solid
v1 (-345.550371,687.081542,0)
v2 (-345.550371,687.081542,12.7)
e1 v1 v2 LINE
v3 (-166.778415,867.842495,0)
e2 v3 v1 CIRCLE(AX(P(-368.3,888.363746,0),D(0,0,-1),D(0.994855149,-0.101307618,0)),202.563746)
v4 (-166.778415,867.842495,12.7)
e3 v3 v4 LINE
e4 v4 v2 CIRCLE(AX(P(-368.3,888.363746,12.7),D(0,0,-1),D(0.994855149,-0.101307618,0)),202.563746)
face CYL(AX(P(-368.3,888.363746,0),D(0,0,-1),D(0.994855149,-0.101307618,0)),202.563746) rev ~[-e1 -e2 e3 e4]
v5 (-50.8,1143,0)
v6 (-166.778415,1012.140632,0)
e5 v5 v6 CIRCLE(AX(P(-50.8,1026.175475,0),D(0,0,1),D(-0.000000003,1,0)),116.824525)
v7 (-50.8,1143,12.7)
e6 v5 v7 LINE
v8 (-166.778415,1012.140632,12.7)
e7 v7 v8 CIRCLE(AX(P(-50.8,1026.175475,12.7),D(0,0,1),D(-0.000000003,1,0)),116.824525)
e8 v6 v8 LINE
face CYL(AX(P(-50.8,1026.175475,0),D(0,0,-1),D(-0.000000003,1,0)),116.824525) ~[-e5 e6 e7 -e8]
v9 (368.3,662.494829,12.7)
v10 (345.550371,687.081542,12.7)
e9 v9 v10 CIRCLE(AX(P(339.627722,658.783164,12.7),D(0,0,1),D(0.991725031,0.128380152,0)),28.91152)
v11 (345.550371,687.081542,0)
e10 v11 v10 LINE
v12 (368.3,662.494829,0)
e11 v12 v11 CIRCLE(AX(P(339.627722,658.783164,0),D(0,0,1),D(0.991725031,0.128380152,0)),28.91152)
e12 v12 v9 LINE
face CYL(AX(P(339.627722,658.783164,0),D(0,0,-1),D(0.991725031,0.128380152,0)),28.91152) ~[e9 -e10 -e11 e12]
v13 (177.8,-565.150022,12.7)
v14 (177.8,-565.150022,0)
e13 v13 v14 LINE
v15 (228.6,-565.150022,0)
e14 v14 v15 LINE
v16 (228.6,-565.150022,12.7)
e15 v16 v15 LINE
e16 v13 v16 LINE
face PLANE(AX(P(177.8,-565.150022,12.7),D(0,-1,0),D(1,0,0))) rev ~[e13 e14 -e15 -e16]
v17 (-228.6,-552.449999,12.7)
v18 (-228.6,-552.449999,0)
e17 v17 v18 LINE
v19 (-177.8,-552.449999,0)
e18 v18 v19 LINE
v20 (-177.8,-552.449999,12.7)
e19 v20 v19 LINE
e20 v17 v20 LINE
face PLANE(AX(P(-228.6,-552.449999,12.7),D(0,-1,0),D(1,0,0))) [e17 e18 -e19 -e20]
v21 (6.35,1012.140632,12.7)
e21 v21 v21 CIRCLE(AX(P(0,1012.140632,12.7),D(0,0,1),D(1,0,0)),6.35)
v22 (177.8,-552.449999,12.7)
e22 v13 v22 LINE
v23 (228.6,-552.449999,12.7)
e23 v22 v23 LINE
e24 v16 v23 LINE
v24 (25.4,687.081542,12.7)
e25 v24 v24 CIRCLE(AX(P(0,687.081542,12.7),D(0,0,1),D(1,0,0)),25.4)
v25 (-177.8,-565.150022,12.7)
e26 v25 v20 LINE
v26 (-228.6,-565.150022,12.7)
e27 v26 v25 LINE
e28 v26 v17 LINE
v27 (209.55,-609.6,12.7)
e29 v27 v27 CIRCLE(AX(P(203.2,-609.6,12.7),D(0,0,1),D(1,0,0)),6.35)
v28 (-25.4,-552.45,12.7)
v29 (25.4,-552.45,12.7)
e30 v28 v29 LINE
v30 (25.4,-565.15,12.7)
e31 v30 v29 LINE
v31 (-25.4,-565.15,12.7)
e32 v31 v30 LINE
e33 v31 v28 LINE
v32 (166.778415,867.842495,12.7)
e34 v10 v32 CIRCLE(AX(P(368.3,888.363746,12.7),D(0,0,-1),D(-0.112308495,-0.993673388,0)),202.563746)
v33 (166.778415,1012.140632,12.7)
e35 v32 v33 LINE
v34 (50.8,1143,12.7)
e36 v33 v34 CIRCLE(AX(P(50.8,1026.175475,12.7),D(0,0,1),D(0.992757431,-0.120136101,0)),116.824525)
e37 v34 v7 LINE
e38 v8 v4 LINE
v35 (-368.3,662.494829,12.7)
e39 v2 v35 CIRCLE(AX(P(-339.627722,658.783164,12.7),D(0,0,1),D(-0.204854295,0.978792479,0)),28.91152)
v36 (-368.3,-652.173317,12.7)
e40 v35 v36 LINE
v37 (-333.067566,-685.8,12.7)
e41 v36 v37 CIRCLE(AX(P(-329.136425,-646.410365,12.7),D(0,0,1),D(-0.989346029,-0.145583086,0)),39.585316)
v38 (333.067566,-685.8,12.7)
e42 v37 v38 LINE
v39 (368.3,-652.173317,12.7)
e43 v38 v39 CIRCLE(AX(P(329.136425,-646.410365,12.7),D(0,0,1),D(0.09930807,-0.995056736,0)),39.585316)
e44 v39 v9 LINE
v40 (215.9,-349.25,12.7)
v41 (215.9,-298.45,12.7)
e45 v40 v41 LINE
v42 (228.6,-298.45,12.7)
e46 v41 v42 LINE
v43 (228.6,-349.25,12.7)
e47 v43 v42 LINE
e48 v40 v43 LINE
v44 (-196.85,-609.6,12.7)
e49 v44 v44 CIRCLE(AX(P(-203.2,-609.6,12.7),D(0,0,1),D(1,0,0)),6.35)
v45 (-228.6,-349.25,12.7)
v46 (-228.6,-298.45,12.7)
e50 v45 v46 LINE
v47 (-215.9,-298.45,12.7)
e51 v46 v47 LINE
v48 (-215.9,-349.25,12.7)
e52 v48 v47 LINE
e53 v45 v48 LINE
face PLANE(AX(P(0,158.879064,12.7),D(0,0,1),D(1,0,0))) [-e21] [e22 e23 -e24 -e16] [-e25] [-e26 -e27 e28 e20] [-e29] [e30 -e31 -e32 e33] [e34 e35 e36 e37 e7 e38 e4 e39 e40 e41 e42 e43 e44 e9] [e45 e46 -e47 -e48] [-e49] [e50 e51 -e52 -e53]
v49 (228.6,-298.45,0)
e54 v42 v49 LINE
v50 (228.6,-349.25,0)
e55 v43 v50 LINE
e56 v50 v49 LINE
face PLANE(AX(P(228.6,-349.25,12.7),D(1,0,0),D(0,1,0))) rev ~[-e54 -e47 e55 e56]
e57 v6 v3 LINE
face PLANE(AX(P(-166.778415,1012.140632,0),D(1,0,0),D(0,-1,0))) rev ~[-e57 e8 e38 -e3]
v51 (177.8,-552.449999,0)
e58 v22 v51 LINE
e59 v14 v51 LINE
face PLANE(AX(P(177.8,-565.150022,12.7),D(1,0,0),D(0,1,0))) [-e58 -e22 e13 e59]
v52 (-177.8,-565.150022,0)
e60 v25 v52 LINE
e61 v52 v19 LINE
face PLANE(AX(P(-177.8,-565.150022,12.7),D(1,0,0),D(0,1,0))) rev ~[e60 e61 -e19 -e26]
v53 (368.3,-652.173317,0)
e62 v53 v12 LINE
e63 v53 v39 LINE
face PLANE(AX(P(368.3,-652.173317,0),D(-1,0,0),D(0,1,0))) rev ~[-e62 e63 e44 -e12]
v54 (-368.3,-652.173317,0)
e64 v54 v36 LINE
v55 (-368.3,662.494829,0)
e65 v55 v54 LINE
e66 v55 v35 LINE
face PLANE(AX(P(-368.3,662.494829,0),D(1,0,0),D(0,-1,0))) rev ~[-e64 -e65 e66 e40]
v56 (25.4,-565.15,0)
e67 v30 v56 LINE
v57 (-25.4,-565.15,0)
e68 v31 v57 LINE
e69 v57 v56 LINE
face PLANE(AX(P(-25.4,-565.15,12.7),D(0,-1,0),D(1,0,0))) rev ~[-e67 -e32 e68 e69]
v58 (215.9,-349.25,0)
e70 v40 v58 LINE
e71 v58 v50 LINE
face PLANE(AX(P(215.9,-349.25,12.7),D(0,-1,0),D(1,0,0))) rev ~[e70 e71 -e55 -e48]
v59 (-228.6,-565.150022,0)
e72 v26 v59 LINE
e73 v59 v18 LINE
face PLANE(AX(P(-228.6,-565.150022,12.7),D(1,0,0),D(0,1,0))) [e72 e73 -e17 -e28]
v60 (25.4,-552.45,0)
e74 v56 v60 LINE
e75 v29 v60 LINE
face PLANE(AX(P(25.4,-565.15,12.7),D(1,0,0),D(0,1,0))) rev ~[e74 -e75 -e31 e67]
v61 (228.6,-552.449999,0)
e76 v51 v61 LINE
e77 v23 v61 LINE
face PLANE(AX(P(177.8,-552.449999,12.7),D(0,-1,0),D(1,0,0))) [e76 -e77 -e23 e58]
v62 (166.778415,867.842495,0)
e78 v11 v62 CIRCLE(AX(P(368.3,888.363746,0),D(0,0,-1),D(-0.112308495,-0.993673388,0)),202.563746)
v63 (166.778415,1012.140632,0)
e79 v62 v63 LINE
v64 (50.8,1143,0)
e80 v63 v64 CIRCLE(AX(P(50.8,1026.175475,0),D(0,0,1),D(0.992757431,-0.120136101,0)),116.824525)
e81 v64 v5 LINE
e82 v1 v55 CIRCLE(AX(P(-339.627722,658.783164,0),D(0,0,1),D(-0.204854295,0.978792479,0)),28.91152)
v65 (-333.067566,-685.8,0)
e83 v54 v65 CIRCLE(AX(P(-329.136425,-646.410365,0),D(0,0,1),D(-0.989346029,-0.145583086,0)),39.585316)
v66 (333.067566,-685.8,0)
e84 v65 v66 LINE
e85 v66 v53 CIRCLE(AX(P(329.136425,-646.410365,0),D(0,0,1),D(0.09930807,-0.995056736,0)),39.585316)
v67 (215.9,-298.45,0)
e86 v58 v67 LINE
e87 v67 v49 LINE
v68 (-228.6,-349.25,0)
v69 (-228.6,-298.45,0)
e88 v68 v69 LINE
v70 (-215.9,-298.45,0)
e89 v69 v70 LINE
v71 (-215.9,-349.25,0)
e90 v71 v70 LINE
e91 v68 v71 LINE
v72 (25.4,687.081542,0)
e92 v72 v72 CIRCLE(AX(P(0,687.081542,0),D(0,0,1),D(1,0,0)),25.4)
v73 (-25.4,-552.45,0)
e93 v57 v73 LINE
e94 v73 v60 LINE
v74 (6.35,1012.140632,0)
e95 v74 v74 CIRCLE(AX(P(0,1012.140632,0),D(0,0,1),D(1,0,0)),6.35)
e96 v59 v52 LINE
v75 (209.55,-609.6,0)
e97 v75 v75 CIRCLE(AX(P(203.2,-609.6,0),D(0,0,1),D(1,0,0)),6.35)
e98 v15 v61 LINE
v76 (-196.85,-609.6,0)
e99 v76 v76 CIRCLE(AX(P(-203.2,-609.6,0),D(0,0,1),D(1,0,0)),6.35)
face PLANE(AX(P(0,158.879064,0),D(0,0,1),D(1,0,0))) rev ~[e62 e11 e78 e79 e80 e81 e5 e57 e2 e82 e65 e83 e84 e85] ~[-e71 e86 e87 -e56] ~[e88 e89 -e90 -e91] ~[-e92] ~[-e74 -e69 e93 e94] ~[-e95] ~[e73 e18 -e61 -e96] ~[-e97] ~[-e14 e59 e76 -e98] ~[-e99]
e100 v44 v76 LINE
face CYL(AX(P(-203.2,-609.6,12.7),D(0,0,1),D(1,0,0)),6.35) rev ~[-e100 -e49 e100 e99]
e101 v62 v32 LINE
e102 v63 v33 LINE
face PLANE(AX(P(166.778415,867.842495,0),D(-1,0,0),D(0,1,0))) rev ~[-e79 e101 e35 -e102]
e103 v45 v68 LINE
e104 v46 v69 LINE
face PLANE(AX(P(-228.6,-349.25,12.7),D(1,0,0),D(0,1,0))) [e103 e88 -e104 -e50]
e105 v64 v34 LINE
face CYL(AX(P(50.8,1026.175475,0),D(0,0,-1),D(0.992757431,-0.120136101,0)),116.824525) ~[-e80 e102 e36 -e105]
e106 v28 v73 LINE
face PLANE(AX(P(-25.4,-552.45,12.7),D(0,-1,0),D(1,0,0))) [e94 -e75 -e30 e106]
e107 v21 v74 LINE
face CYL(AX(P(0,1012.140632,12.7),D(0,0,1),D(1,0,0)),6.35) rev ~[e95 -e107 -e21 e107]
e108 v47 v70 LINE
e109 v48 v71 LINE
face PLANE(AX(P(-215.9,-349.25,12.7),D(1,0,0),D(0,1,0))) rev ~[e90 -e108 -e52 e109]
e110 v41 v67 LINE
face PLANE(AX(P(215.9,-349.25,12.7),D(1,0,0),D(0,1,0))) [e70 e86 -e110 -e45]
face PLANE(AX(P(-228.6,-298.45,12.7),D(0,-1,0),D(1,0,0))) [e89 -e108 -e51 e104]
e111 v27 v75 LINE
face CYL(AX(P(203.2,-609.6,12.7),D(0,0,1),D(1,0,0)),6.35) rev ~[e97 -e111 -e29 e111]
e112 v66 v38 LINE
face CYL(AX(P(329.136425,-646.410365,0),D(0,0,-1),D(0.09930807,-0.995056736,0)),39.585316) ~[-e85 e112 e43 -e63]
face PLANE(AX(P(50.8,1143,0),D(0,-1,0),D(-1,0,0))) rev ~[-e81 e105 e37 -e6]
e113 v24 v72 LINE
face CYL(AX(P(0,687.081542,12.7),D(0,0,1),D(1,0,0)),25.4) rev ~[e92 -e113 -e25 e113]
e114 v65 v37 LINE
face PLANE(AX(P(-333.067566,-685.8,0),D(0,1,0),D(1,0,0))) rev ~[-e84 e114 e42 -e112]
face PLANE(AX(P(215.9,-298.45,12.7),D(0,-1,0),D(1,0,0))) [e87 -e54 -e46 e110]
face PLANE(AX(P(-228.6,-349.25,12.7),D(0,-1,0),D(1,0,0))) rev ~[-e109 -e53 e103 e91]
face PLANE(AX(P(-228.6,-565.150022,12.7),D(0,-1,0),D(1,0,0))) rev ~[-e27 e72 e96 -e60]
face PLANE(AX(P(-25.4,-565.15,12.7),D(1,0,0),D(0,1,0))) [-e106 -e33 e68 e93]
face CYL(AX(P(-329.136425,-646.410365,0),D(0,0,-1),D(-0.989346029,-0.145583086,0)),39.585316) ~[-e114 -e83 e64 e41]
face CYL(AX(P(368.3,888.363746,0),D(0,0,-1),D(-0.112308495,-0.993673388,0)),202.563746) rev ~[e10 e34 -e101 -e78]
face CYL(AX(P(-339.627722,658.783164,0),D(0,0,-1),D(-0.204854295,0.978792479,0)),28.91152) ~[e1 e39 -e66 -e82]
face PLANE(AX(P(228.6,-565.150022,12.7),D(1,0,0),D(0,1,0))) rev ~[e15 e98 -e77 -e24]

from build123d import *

# Parameters (mm, degrees)
F1_DEPTH = 12.7
F2_R     = 6.35
F3_DEPTH = 25.4
F4_R     = 6.35
F5_DEPTH = 25.4
F6_R     = 25.4
F7_DEPTH = 25.4
F8_W     = 50.8
F8_H     = 12.7
F8_H_2   = 12.700023
F8_W_2   = 12.7
F8_H_3   = 50.8
F9_DEPTH = 25.4


with BuildPart() as f1:
    # F0 (on Top) → F1 (new body)
    with BuildSketch(Plane.XY):
        with BuildLine():
            Line((-333.067566, -685.8), (333.067566, -685.8))
            ThreePointArc((333.067566, -685.8), (356.467306, -675.046359), (368.3, -652.173317))
            Line((368.3, -652.173317), (368.3, 662.494829))
            ThreePointArc((368.3, 662.494829), (360.848675, 678.418518), (345.550371, 687.081542))
            ThreePointArc((345.550371, 687.081542), (224.27561, 745.924123), (166.778415, 867.842495))
            Line((166.778415, 867.842495), (166.778415, 1012.140632))
            ThreePointArc((166.778415, 1012.140632), (138.228781, 1103.662105), (50.8, 1143))
            Line((50.8, 1143), (0, 1143))
            Line((0, 1143), (-50.8, 1143))
            ThreePointArc((-50.8, 1143), (-138.228781, 1103.662105), (-166.778415, 1012.140632))
            Line((-166.778415, 1012.140632), (-166.778415, 867.842495))
            ThreePointArc((-166.778415, 867.842495), (-224.27561, 745.924123), (-345.550371, 687.081542))
            ThreePointArc((-345.550371, 687.081542), (-360.848675, 678.418518), (-368.3, 662.494829))
            Line((-368.3, 662.494829), (-368.3, -652.173317))
            ThreePointArc((-368.3, -652.173317), (-356.467306, -675.046359), (-333.067566, -685.8))
        make_face()
    extrude(amount=F1_DEPTH)

    # F2 (on face) → F3 (cut)
    with BuildSketch(Plane.XY.offset(12.7)):
        with Locations((0, 1012.140632)):
            Circle(F2_R)
    extrude(amount=-F3_DEPTH, mode=Mode.SUBTRACT)

    # F4 (on face) → F5 (cut)
    with BuildSketch(Plane.XY.offset(12.7)):
        with Locations((-203.2, -609.6)):
            Circle(F4_R)
        with Locations((203.2, -609.6)):
            Circle(F4_R)
    extrude(amount=-F5_DEPTH, mode=Mode.SUBTRACT)

    # F6 (on face) → F7 (cut)
    with BuildSketch(Plane.XY.offset(12.7)):
        with Locations((0, 687.081542)):
            Circle(F6_R)
    extrude(amount=-F7_DEPTH, mode=Mode.SUBTRACT)

    # F8 (on face) → F9 (cut)
    with BuildSketch(Plane.XY.offset(12.7)):
        with Locations((0, -558.8)):
            Rectangle(F8_W, F8_H)
        with Locations((-203.2, -558.800011)):
            Rectangle(F8_W, F8_H_2)
        with Locations((203.2, -558.800011)):
            Rectangle(F8_W, F8_H_2)
        with Locations((-222.25, -323.85)):
            Rectangle(F8_W_2, F8_H_3)
        with Locations((222.25, -323.85)):
            Rectangle(F8_W_2, F8_H_3)
    extrude(amount=-F9_DEPTH, mode=Mode.SUBTRACT)


solid = f1.part
